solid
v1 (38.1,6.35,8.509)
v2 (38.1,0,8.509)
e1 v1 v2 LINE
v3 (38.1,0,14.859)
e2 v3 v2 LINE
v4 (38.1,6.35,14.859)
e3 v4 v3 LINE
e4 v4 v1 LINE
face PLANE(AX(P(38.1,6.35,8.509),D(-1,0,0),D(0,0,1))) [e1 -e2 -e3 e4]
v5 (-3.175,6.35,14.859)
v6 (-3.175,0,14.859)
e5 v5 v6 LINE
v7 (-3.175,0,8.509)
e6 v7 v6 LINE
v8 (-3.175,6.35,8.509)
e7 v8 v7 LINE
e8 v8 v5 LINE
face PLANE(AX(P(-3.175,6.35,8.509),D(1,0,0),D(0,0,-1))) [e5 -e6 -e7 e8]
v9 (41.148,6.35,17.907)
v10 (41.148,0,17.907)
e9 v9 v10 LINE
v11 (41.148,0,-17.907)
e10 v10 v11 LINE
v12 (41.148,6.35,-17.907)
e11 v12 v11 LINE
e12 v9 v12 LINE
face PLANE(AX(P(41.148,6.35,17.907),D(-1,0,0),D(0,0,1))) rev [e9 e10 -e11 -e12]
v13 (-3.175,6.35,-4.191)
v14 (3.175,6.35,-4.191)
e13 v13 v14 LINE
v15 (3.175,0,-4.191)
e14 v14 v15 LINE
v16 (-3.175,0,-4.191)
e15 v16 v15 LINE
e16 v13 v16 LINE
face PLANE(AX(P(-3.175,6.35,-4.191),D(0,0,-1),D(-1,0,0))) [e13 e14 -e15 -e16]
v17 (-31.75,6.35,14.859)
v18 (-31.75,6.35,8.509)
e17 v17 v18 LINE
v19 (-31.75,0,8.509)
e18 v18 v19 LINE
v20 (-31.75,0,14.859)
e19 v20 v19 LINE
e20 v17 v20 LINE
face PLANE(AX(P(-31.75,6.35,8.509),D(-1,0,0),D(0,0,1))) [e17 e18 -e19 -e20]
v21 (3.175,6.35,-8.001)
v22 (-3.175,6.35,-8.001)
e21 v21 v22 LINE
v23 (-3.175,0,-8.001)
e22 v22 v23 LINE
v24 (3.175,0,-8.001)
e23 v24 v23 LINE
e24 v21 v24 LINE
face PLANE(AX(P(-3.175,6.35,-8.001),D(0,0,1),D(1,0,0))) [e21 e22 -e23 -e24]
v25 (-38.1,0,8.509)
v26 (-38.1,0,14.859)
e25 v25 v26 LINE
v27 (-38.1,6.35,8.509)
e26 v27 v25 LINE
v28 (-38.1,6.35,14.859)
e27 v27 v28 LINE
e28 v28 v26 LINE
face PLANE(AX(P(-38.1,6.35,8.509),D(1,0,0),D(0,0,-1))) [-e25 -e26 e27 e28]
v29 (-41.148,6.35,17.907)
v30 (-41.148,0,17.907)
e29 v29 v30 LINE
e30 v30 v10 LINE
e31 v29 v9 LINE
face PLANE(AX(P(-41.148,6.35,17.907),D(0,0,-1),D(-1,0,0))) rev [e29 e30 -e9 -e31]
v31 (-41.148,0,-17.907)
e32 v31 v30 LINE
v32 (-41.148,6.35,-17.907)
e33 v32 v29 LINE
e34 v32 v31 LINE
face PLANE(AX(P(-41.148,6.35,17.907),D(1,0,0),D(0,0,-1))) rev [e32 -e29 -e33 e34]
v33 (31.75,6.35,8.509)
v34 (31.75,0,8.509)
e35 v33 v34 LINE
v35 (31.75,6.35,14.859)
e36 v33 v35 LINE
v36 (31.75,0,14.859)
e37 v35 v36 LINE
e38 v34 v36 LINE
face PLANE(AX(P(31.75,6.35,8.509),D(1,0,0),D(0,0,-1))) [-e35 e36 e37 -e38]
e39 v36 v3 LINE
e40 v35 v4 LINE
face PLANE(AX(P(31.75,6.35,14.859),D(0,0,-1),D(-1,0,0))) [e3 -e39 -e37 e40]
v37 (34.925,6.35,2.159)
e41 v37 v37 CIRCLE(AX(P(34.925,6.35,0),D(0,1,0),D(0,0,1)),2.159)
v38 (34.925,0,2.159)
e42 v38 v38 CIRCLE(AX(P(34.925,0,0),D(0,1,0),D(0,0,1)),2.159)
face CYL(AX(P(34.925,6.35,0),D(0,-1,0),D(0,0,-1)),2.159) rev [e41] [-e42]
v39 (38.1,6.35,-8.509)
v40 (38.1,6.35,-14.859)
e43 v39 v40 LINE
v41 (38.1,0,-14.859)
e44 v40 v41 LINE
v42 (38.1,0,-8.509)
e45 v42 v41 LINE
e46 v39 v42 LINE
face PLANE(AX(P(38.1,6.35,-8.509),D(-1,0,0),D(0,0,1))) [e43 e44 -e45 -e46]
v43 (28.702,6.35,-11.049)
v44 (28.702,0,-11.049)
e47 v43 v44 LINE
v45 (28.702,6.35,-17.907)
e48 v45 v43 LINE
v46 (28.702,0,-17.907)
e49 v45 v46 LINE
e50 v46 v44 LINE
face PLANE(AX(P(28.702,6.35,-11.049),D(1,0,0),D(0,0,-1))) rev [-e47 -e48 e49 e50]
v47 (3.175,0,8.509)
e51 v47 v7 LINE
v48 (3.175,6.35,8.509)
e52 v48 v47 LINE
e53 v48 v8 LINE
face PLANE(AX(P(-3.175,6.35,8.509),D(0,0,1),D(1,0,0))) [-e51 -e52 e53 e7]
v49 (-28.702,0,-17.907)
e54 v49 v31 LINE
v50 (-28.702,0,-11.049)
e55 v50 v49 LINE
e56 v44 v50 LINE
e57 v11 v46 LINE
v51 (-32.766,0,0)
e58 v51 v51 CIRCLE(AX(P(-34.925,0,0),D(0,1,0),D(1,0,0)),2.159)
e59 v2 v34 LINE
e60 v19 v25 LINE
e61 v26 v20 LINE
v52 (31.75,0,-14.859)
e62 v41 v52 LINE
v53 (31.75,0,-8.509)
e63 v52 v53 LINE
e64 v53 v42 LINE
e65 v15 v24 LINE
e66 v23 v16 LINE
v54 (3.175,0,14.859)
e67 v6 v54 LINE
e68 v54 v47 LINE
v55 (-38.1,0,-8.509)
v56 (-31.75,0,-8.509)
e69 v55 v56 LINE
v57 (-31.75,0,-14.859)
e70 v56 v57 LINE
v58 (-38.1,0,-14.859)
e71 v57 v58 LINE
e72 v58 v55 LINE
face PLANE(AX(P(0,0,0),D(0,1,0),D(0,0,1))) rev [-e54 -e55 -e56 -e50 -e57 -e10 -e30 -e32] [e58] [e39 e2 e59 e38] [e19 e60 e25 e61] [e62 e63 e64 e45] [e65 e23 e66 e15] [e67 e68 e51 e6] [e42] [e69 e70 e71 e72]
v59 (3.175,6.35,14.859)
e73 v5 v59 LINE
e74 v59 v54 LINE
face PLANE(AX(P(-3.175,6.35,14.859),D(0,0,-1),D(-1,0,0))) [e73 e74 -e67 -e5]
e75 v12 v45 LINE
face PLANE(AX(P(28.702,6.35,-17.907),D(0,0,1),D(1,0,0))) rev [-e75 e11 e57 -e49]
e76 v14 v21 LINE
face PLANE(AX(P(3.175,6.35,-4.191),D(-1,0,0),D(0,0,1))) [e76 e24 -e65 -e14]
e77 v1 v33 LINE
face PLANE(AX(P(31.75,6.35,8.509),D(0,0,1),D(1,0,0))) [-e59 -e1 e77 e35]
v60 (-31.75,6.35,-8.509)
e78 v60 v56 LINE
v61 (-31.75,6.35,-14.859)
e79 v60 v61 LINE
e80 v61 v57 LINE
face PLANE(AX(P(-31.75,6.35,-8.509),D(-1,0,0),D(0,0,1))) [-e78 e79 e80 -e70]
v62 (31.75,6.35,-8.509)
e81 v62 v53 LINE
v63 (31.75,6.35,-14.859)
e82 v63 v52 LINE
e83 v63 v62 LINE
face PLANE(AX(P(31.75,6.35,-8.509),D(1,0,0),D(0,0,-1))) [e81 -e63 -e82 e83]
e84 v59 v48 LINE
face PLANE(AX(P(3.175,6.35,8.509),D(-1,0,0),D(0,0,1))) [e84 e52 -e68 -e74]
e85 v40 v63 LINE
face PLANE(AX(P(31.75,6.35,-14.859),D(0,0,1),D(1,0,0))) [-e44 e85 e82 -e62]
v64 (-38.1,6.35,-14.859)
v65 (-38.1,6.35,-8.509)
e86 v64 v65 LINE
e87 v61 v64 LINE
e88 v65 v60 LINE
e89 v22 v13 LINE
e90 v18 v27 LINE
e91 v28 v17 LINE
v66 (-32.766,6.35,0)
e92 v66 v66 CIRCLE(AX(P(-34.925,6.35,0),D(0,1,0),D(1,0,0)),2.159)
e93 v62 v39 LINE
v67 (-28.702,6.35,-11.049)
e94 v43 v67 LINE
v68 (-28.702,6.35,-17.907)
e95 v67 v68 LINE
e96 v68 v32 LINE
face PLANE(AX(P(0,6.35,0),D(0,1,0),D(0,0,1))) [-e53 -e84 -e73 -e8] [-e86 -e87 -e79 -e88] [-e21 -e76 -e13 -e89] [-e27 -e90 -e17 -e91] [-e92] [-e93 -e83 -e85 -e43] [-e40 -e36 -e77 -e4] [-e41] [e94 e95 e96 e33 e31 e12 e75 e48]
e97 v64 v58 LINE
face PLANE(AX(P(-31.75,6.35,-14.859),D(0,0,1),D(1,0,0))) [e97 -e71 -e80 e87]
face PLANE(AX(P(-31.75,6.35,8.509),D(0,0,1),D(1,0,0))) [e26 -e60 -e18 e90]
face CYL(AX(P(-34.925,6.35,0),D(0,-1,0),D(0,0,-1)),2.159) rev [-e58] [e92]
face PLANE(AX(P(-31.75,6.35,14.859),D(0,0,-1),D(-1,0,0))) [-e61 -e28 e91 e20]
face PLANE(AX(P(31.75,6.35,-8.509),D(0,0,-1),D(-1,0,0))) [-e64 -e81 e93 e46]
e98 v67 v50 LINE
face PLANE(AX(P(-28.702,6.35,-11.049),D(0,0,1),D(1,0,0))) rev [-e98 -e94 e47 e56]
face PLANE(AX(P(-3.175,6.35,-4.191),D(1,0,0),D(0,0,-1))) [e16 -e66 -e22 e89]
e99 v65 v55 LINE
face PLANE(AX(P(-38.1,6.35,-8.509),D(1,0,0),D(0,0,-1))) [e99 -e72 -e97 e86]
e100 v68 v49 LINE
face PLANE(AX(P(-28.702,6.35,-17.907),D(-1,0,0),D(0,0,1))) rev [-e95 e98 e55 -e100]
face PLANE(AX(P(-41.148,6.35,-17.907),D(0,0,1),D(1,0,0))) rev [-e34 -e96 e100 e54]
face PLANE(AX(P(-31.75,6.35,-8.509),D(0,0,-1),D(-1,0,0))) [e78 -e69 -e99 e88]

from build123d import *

# Parameters (mm, degrees)
SKETCH1_R           = 2.159
SKETCH1_W           = 6.35
SKETCH1_H           = 6.35
SKETCH1_H_2         = 3.81
BOSS_EXTRUDE1_DEPTH = 6.35


with BuildPart() as part:
    # Sketch1 → Boss-Extrude1 (new body)
    with BuildSketch(Plane(origin=(0, 0, 0), x_dir=(1, 0, 0), z_dir=(0, 1, 0))):
        Polygon((-41.148, -17.907), (41.148, -17.907), (41.148, 17.907), (28.702, 17.907), (28.702, 11.049), (-28.702, 11.049), (-28.702, 17.907), (-41.148, 17.907), align=None)
        with Locations(Location((34.925, 0, 0), (0, 0, 270))):
            Circle(SKETCH1_R, mode=Mode.SUBTRACT)
        with Locations((-34.925, 0)):
            Circle(SKETCH1_R, mode=Mode.SUBTRACT)
        with Locations((0, -11.684)):
            Rectangle(SKETCH1_W, SKETCH1_H, mode=Mode.SUBTRACT)
        with Locations((0, 6.096)):
            Rectangle(SKETCH1_W, SKETCH1_H_2, mode=Mode.SUBTRACT)
        with Locations((34.925, 11.684)):
            Rectangle(SKETCH1_W, SKETCH1_H, mode=Mode.SUBTRACT)
        with Locations((34.925, -11.684)):
            Rectangle(SKETCH1_W, SKETCH1_H, mode=Mode.SUBTRACT)
        with Locations((-34.925, 11.684)):
            Rectangle(SKETCH1_W, SKETCH1_H, mode=Mode.SUBTRACT)
        with Locations((-34.925, -11.684)):
            Rectangle(SKETCH1_W, SKETCH1_H, mode=Mode.SUBTRACT)
    extrude(amount=BOSS_EXTRUDE1_DEPTH)


solid = part.part
